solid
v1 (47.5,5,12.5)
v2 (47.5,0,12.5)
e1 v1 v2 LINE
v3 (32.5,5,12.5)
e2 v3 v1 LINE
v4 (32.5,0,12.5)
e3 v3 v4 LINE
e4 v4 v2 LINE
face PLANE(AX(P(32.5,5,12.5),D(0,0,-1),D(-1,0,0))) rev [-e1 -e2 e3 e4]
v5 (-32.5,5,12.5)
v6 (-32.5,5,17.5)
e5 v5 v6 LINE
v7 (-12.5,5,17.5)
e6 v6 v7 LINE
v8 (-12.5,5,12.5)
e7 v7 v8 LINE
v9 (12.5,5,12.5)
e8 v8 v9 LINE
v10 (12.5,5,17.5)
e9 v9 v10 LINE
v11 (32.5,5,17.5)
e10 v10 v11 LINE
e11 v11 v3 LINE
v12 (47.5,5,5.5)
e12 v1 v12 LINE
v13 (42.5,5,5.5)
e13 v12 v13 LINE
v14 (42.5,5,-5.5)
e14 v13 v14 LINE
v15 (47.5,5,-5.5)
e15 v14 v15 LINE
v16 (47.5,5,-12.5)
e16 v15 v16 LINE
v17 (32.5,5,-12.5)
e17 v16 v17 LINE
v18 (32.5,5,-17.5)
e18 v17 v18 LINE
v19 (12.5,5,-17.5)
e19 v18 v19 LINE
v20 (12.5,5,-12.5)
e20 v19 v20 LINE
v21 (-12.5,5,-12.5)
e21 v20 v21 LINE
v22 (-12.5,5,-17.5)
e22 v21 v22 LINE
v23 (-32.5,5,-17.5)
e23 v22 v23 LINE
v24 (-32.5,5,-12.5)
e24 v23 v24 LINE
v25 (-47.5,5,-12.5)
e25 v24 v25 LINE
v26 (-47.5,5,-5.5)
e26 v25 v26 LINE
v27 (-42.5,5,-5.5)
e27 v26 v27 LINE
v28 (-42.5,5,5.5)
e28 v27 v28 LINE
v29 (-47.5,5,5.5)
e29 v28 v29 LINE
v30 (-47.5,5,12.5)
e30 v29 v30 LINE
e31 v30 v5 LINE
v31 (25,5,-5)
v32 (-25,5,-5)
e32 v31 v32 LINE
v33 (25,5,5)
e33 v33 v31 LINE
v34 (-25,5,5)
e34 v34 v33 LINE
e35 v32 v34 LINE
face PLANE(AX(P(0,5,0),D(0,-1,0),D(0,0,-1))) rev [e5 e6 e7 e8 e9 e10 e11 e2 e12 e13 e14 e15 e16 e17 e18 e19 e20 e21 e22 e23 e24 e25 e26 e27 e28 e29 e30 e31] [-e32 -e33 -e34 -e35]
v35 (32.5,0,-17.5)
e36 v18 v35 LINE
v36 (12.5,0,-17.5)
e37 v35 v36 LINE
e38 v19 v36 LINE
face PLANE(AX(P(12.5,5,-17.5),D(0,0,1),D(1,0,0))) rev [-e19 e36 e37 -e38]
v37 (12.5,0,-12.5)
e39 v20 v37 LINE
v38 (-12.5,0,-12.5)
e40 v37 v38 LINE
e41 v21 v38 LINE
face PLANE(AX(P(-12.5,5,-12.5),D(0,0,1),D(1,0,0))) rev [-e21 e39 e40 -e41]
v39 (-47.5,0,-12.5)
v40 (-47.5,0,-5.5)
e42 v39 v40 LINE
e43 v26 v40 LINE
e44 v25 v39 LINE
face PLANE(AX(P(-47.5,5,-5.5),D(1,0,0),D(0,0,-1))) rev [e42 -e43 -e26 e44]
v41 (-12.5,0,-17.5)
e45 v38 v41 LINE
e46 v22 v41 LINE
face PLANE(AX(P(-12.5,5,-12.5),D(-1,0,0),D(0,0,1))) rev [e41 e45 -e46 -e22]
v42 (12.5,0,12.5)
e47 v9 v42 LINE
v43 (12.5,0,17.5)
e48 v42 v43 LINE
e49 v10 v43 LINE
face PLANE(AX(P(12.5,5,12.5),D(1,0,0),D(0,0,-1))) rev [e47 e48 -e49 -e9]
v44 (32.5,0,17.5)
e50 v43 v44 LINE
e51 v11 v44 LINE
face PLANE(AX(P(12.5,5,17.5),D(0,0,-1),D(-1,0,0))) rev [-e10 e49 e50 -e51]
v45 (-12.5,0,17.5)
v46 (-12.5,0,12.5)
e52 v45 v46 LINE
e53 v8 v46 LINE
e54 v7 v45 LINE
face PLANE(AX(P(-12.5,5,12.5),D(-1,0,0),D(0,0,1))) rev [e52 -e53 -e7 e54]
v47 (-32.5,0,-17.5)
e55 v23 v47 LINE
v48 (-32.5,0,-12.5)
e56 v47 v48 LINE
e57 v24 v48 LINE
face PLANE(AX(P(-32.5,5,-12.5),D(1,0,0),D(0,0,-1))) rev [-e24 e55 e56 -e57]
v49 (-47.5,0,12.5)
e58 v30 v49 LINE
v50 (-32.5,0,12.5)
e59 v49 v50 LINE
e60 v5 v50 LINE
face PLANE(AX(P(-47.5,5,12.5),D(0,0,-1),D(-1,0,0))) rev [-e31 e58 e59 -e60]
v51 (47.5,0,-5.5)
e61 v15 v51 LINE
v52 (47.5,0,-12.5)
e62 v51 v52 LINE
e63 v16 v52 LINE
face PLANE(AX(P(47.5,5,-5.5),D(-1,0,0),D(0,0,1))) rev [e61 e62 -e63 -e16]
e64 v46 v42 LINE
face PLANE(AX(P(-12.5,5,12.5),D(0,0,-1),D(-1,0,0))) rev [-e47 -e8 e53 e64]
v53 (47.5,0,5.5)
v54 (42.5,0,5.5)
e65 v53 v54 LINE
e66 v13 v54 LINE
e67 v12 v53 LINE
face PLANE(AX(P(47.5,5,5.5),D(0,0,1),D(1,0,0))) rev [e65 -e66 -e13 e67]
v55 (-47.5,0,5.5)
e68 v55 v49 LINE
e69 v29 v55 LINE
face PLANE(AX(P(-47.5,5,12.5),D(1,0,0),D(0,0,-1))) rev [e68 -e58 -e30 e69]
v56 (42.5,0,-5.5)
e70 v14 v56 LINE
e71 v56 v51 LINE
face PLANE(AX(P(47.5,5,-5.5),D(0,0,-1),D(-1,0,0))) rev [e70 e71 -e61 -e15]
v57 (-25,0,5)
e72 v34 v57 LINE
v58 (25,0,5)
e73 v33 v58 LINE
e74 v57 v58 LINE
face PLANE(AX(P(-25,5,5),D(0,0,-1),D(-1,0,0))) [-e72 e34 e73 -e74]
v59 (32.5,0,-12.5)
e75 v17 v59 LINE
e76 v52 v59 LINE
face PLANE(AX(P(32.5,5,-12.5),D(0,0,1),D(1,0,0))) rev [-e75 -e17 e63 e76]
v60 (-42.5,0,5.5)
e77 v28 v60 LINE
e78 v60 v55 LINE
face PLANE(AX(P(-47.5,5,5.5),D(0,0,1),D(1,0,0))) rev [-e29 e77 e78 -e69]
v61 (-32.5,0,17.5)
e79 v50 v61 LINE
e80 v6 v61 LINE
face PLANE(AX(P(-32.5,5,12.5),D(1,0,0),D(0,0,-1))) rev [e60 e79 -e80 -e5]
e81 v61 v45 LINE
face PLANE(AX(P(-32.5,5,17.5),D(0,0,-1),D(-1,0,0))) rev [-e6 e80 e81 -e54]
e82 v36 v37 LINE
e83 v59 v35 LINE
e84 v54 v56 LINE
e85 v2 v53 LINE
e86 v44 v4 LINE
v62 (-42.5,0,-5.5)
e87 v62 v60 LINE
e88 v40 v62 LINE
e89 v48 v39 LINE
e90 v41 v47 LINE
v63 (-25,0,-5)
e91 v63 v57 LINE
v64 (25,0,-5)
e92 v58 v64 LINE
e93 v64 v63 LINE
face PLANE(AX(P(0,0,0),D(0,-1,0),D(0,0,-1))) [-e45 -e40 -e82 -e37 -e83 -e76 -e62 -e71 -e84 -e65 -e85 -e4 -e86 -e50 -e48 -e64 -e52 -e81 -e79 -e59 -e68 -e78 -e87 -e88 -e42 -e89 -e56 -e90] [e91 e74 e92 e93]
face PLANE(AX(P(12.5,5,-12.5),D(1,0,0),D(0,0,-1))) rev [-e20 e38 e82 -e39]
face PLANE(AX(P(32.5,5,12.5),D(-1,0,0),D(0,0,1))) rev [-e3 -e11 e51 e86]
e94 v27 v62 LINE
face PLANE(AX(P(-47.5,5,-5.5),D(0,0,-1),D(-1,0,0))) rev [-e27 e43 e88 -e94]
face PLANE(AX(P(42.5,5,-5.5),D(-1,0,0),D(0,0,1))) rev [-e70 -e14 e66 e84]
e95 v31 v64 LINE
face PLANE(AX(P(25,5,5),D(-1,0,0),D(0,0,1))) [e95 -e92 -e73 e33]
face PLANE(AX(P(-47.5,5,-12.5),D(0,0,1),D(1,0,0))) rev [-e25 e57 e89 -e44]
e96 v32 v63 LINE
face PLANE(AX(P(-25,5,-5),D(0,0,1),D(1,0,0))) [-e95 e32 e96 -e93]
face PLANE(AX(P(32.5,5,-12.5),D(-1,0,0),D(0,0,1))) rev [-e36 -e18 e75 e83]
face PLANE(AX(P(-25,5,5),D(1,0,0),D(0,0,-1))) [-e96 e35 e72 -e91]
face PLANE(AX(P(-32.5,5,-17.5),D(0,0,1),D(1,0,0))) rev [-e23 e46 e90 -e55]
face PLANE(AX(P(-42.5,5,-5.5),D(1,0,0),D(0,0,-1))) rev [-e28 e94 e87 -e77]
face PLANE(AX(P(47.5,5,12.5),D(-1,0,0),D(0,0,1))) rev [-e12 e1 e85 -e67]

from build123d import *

# Parameters (mm, degrees)
SKETCH1_W           = 50
SKETCH1_H           = 10
BOSS_EXTRUDE1_DEPTH = 5


with BuildPart() as part:
    # Sketch1 → Boss-Extrude1 (new body)
    with BuildSketch(Plane(origin=(0, 0, 0), x_dir=(1, 0, 0), z_dir=(0, 1, 0))):
        Polygon((-12.5, 12.5), (12.5, 12.5), (12.5, 17.5), (32.5, 17.5), (32.5, 12.5), (47.5, 12.5), (47.5, 5.5), (42.5, 5.5), (42.5, -5.5), (47.5, -5.5), (47.5, -12.5), (32.5, -12.5), (32.5, -17.5), (12.5, -17.5), (12.5, -12.5), (-12.5, -12.5), (-12.5, -17.5), (-32.5, -17.5), (-32.5, -12.5), (-47.5, -12.5), (-47.5, -5.5), (-42.5, -5.5), (-42.5, 5.5), (-47.5, 5.5), (-47.5, 12.5), (-32.5, 12.5), (-32.5, 17.5), (-12.5, 17.5), align=None)
        Rectangle(SKETCH1_W, SKETCH1_H, mode=Mode.SUBTRACT)
    extrude(amount=BOSS_EXTRUDE1_DEPTH)


solid = part.part
